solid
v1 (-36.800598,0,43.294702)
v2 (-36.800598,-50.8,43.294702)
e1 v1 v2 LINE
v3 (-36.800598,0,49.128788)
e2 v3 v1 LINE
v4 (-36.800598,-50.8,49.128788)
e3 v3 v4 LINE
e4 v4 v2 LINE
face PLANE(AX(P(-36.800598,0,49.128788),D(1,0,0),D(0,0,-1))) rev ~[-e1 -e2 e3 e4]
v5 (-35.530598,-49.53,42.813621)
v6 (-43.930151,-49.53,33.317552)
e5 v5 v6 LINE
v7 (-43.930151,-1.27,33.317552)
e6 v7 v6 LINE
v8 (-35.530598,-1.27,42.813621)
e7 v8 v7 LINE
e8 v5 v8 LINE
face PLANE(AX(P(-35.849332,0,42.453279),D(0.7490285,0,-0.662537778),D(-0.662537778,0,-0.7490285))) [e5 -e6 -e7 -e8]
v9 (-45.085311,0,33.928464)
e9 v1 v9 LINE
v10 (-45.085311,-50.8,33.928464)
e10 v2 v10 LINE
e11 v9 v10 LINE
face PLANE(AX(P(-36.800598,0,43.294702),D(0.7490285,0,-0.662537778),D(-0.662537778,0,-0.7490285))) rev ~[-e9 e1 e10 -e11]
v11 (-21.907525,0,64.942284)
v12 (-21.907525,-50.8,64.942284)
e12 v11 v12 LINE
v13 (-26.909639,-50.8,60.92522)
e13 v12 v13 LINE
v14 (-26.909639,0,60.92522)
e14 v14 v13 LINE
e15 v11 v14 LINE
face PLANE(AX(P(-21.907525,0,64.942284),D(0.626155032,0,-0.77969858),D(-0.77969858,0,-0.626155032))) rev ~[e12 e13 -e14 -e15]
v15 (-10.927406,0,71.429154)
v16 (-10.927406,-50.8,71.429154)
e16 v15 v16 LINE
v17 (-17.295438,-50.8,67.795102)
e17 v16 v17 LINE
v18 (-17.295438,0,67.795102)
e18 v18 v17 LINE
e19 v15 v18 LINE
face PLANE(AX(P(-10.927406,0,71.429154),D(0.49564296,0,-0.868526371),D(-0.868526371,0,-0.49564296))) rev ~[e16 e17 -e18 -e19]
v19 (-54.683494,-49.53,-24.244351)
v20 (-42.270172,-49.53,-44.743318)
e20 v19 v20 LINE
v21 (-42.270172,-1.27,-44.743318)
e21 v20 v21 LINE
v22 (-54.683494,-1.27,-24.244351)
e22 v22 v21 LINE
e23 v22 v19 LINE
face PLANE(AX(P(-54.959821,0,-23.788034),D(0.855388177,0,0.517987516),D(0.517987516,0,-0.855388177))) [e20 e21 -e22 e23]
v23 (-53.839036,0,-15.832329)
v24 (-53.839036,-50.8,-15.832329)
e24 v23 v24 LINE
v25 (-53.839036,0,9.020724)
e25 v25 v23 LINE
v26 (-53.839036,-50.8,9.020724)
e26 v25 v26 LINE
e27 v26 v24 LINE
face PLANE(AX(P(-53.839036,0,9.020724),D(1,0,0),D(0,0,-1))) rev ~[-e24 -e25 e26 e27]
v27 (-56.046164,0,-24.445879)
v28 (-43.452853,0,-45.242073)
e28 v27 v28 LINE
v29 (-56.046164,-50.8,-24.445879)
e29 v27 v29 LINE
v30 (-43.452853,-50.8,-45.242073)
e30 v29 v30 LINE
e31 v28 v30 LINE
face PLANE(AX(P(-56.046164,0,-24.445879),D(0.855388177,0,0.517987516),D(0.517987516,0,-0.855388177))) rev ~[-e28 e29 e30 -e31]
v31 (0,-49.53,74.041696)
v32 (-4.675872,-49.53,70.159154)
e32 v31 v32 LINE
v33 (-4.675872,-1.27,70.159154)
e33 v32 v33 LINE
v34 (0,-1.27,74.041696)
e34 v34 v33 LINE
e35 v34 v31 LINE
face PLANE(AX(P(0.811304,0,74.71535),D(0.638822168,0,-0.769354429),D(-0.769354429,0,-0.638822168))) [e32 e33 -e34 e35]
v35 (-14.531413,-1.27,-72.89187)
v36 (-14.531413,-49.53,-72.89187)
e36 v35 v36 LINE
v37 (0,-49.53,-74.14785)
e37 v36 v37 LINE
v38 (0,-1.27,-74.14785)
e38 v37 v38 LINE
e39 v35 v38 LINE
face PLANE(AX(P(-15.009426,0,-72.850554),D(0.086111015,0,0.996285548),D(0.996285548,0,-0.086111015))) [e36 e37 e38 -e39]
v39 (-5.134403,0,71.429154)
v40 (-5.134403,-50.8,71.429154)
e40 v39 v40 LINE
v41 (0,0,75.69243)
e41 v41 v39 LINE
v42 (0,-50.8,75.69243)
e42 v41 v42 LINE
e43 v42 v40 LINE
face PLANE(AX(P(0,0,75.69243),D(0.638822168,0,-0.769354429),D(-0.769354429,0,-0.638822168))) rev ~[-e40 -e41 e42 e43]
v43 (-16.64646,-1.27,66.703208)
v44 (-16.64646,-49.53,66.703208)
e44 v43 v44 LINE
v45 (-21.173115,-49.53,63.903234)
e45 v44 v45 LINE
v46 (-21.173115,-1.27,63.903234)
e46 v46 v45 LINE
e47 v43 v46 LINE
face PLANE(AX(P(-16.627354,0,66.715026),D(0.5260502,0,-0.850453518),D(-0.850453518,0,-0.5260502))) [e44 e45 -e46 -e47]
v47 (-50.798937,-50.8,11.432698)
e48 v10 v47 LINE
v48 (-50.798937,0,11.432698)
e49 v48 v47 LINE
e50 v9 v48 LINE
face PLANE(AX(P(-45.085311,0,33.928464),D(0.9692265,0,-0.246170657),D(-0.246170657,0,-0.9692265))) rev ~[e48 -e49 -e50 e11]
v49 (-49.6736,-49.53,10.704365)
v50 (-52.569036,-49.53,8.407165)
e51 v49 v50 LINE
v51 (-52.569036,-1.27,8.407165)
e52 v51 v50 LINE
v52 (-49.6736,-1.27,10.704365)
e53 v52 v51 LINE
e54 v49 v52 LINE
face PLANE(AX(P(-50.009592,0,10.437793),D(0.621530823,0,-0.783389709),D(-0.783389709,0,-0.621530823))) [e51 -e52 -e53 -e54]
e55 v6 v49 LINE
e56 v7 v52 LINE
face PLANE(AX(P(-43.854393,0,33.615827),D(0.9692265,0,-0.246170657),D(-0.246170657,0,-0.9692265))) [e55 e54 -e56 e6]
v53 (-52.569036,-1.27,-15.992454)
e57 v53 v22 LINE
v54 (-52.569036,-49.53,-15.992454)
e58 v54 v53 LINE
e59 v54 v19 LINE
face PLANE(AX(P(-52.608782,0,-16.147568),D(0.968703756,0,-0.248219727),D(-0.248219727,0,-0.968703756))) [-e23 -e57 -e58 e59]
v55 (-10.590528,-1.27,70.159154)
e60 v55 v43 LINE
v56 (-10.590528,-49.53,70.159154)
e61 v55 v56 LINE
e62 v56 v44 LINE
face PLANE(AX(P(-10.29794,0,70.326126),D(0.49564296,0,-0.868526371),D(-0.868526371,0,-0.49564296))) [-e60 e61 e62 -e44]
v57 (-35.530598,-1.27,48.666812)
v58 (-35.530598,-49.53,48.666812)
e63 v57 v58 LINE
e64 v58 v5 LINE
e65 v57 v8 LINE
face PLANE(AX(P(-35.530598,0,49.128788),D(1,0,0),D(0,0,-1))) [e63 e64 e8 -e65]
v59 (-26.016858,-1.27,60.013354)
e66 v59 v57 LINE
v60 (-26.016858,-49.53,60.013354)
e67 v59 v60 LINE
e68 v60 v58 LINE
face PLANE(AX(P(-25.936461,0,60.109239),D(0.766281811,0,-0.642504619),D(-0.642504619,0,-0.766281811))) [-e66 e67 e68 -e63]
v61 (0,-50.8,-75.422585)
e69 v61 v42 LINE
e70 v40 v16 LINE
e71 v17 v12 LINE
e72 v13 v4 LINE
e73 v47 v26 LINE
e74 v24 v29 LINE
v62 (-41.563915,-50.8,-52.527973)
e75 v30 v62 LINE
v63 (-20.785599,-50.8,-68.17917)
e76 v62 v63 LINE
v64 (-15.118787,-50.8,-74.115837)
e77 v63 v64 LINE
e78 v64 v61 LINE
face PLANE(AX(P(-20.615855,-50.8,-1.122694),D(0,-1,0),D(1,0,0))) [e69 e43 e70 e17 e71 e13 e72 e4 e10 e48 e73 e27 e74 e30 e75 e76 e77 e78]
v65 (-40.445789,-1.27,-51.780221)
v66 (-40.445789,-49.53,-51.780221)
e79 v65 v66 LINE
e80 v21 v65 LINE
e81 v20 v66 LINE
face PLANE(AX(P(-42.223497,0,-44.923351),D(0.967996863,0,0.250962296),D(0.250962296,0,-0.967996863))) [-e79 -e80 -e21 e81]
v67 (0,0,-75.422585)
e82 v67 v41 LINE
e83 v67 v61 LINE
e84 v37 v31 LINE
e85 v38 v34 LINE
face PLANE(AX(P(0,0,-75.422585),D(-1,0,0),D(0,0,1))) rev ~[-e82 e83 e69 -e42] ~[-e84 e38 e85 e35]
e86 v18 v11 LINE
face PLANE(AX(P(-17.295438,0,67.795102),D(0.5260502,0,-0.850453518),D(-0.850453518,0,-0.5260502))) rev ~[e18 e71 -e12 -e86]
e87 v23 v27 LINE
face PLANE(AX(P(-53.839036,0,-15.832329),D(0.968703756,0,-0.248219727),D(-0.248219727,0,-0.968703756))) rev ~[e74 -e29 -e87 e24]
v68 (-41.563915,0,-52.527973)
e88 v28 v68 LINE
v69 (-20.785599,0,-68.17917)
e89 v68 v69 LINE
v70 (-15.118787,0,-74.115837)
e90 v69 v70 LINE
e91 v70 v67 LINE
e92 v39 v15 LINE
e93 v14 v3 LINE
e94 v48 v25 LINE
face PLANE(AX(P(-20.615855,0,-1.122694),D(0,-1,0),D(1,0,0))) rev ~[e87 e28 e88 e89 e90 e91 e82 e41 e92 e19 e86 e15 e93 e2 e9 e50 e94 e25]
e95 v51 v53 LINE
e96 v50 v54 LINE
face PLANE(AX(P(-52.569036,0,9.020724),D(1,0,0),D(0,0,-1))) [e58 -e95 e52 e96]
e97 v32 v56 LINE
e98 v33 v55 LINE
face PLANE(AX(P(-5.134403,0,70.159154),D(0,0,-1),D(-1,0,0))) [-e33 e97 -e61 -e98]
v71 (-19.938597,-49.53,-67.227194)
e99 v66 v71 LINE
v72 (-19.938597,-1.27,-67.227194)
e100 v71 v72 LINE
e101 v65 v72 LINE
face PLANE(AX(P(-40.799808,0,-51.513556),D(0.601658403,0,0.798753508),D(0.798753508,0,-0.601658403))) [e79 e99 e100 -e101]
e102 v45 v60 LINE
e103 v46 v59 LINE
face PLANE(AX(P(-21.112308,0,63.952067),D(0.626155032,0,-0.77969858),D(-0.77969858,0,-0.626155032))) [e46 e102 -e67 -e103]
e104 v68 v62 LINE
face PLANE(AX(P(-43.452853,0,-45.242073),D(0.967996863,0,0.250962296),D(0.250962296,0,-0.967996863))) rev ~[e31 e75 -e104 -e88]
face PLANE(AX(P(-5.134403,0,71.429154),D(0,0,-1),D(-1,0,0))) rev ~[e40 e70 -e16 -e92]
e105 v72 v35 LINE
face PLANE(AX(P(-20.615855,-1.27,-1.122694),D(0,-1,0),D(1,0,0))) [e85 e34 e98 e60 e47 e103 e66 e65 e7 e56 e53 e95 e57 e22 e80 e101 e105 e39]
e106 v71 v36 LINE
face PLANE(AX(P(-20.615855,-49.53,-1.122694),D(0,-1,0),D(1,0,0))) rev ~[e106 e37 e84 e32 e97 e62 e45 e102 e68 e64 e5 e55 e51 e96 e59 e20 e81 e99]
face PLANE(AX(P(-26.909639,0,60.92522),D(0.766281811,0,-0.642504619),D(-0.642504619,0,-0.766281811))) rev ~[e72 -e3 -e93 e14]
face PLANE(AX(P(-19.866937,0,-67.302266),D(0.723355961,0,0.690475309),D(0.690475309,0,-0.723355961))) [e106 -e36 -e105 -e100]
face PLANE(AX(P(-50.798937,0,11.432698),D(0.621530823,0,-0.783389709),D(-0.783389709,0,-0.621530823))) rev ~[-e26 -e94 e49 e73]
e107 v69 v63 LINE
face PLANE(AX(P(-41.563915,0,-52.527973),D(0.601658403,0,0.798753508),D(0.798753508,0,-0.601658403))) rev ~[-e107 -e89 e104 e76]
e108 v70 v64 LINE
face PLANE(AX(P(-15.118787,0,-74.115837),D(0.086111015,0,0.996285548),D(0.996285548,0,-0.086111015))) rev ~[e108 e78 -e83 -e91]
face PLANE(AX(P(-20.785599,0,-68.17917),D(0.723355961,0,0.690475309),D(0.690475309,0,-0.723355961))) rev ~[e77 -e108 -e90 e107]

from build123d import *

# Parameters (mm, degrees)
F1_DEPTH = 50.8
F2_T     = -1.27


with BuildPart() as f1:
    # F0 (on Front) → F1 (new body)
    with BuildSketch(Plane.XZ):
        Polygon((0, -75.4225850105), (0, 75.6924301386), (-5.1344027109, 71.4291541441), (-10.9274061397, 71.4291541441), (-17.2954377725, 67.7951020827), (-21.9075246483, 64.9422839427), (-26.9096385925, 60.9252203059), (-36.8005977082, 49.1287882788), (-36.8005977082, 43.2947015044), (-45.0853107386, 33.928464016), (-50.7989365131, 11.432697977), (-53.8390357266, 9.0207242896), (-53.8390357266, -15.8323287207), (-56.0461635366, -24.4458786111), (-43.4528528079, -45.24207304), (-41.5639145597, -52.527973454), (-20.785599418, -68.1791696954), (-15.1187874674, -74.1158370185), align=None)
    extrude(amount=F1_DEPTH)

    # F2
    f2_openings = [f1.faces().sort_by_distance(p)[0] for p in [
        (0, -25.4, 0.134923),
    ]]
    offset(amount=F2_T, openings=f2_openings, kind=Kind.INTERSECTION)


solid = f1.part
